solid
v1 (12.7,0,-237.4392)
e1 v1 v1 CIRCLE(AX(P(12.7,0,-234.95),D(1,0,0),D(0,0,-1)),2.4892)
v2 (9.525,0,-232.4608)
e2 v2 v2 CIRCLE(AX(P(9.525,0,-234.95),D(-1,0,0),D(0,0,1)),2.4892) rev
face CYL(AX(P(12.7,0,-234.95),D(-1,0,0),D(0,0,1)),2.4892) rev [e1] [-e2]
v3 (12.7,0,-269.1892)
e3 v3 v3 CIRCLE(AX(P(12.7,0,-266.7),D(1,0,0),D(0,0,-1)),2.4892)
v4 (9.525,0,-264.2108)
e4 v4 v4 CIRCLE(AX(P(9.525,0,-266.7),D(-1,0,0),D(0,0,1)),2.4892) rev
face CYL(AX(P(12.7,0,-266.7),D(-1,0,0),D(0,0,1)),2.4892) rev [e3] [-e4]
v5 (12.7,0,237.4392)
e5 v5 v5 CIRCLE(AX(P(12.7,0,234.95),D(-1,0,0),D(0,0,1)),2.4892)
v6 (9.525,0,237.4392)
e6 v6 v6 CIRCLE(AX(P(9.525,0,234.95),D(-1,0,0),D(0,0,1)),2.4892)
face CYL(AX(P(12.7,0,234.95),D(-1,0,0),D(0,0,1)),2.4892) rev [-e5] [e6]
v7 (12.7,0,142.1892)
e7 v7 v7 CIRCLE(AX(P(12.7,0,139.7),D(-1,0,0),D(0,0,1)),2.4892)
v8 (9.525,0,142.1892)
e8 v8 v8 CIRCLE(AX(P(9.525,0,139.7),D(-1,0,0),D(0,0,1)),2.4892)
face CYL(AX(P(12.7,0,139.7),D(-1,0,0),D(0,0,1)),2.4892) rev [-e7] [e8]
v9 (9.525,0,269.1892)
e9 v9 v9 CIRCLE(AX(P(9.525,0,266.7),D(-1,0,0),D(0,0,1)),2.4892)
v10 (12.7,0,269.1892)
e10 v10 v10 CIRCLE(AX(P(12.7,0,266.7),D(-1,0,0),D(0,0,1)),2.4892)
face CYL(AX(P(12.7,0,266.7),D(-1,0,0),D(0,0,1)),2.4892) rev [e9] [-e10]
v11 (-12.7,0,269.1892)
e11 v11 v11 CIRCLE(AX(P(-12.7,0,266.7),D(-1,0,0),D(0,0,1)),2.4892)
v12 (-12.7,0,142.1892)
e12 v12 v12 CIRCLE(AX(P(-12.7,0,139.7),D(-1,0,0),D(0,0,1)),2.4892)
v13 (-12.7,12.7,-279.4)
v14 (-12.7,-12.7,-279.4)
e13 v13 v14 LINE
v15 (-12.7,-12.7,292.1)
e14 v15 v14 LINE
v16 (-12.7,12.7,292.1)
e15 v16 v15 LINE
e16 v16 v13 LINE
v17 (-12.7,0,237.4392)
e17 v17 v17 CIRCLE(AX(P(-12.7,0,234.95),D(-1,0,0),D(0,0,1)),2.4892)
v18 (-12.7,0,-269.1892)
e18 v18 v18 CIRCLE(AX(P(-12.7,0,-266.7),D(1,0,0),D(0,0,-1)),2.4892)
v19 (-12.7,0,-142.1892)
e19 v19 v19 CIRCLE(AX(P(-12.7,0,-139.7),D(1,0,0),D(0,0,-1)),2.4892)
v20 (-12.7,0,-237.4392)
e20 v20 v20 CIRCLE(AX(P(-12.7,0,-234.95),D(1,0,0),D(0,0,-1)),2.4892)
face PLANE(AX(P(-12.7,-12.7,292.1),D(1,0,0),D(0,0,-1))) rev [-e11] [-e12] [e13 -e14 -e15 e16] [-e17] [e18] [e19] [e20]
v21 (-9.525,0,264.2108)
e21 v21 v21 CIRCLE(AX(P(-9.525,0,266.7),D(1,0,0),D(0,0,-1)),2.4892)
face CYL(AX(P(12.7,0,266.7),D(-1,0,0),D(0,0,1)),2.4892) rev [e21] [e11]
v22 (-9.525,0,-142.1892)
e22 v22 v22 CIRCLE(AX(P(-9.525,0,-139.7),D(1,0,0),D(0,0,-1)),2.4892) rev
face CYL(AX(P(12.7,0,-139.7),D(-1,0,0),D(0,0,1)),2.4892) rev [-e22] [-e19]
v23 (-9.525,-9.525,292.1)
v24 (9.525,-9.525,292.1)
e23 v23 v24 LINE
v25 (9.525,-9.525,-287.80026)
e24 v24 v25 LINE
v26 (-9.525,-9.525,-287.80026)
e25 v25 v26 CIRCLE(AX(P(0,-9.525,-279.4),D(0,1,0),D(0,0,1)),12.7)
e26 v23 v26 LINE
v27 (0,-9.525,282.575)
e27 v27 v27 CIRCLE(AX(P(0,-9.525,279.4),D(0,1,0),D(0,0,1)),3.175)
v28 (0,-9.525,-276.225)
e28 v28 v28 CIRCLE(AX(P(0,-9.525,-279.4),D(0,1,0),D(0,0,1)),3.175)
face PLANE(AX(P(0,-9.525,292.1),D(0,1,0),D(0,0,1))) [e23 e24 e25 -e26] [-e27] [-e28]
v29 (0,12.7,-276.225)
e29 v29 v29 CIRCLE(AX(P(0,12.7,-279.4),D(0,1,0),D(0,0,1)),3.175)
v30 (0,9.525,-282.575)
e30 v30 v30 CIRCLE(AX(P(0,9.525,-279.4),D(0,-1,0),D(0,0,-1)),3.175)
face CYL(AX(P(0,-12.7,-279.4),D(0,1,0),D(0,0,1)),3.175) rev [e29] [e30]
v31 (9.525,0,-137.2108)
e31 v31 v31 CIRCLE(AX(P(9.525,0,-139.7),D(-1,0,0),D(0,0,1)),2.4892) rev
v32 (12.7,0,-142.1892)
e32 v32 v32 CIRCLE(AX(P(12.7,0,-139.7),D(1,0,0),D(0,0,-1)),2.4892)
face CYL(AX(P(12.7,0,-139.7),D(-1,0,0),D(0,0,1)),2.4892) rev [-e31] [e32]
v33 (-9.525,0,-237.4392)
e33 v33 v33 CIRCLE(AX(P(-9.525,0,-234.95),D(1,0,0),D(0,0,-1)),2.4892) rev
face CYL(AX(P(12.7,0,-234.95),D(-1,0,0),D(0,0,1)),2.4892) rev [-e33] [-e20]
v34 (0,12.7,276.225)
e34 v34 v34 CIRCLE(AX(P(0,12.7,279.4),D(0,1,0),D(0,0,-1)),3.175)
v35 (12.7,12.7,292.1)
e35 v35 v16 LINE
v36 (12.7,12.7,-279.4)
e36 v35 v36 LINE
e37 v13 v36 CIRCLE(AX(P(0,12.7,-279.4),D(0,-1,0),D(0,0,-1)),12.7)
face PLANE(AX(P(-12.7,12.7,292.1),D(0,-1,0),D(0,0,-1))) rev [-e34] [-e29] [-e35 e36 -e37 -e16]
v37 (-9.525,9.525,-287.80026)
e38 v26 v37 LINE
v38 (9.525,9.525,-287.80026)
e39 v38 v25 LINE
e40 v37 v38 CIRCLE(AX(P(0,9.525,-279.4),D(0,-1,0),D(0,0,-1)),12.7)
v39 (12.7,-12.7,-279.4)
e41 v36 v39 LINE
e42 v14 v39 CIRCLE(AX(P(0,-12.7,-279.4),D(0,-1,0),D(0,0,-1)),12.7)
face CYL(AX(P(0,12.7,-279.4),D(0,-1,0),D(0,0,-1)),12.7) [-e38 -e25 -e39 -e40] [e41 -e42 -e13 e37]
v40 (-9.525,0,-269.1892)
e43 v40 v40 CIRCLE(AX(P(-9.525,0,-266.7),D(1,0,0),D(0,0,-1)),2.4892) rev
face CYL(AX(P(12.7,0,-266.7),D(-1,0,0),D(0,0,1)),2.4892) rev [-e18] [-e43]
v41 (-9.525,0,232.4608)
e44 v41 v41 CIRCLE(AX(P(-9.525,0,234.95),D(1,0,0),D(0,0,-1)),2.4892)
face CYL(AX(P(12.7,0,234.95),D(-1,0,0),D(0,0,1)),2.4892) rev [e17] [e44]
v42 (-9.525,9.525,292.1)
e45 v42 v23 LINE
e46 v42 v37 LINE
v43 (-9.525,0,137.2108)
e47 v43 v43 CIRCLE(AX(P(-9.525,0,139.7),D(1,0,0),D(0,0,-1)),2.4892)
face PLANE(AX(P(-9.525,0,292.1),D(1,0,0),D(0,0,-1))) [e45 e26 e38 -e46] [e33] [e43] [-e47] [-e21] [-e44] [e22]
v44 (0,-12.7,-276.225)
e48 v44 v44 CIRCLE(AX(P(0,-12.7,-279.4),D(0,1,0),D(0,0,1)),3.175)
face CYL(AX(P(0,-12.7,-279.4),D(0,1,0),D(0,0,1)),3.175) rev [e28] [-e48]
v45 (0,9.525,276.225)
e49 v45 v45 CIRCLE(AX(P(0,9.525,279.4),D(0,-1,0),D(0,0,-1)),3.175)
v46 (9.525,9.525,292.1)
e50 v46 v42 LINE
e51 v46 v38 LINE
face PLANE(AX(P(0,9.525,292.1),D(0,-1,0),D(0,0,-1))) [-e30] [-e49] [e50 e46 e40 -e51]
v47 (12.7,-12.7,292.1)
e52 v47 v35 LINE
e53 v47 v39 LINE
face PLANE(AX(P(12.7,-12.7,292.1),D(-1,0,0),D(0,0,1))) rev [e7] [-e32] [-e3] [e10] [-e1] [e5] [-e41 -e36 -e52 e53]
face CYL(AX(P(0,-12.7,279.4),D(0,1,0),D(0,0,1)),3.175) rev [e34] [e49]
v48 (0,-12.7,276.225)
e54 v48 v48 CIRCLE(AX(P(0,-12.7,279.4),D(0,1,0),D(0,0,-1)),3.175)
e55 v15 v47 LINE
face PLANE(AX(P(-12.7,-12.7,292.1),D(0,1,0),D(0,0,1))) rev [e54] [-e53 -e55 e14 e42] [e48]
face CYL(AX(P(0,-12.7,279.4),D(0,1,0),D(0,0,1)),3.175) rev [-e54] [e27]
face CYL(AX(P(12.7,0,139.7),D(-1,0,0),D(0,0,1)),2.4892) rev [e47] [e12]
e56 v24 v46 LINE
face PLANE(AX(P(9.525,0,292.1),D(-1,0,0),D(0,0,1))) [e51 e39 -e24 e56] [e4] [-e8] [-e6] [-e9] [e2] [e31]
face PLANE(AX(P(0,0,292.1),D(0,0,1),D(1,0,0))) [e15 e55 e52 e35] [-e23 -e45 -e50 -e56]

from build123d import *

# Parameters (mm, degrees)
SKETCH1_W           = 25.4
SKETCH1_H           = 25.4
SKETCH1_W_2         = 19.05
SKETCH1_H_2         = 19.05
EXTRUDE_THIN1_DEPTH = 292.1
SKETCH4_R           = 2.4892
CUT_EXTRUDE1_DEPTH  = 26.4
CUT_EXTRUDE2_DEPTH  = 26.4
SKETCH3_R           = 3.175
CUT_EXTRUDE3_DEPTH  = 26.4


with BuildPart() as part:
    # Sketch1 → Extrude-Thin1 (new body, symmetric)
    with BuildSketch(Plane.XY):
        Rectangle(SKETCH1_W, SKETCH1_H)
        Rectangle(SKETCH1_W_2, SKETCH1_H_2, mode=Mode.SUBTRACT)
    extrude(amount=EXTRUDE_THIN1_DEPTH, both=True)

    # Sketch4 → Cut-Extrude1 (cut, through all)
    with BuildSketch(Plane.ZY.offset(12.7)):
        with Locations((266.7, 0)):
            Circle(SKETCH4_R)
        with Locations((139.7, 0)):
            Circle(SKETCH4_R)
        with Locations((234.949999999, 0)):
            Circle(SKETCH4_R)
    cut_extrude1 = extrude(amount=-CUT_EXTRUDE1_DEPTH, mode=Mode.SUBTRACT)

    # Mirror1: Cut-Extrude1 across plane
    add(cut_extrude1.mirror(Plane(origin=(0, 0, 0), x_dir=(1, 0, 0), z_dir=(0, 0, -1))), mode=Mode.SUBTRACT)

    # Sketch5 → Cut-Extrude2 (cut, through all)
    with BuildSketch(Plane.XZ.offset(12.7)):
        Polygon((12.7, -298.45), (12.7, -292.1), (-6.7e-08, -292.1), (-12.7, -292.1), (-12.7, -298.45), align=None)
        with BuildLine():
            ThreePointArc((-6.7e-08, -292.1), (-8.980256145, -288.380256097), (-12.7, -279.4))
            Line((-12.7, -279.4), (-12.7, -292.1))
            Line((-12.7, -292.1), (-6.7e-08, -292.1))
        make_face()
        with BuildLine():
            Line((12.7, -292.1), (12.7, -279.4))
            ThreePointArc((12.7, -279.4), (8.980256097, -288.380256145), (-6.7e-08, -292.1))
            Line((-6.7e-08, -292.1), (12.7, -292.1))
        make_face()
    extrude(amount=-CUT_EXTRUDE2_DEPTH, mode=Mode.SUBTRACT)

    # Sketch3 → Cut-Extrude3 (cut, through all)
    with BuildSketch(Plane(origin=(0, 12.7, 0), x_dir=(1, 0, 0), z_dir=(0, 1, 0))):
        with Locations((0, 279.4)):
            Circle(SKETCH3_R)
        with Locations((0, -279.4)):
            Circle(SKETCH3_R)
    extrude(amount=-CUT_EXTRUDE3_DEPTH, mode=Mode.SUBTRACT)


solid = part.part
